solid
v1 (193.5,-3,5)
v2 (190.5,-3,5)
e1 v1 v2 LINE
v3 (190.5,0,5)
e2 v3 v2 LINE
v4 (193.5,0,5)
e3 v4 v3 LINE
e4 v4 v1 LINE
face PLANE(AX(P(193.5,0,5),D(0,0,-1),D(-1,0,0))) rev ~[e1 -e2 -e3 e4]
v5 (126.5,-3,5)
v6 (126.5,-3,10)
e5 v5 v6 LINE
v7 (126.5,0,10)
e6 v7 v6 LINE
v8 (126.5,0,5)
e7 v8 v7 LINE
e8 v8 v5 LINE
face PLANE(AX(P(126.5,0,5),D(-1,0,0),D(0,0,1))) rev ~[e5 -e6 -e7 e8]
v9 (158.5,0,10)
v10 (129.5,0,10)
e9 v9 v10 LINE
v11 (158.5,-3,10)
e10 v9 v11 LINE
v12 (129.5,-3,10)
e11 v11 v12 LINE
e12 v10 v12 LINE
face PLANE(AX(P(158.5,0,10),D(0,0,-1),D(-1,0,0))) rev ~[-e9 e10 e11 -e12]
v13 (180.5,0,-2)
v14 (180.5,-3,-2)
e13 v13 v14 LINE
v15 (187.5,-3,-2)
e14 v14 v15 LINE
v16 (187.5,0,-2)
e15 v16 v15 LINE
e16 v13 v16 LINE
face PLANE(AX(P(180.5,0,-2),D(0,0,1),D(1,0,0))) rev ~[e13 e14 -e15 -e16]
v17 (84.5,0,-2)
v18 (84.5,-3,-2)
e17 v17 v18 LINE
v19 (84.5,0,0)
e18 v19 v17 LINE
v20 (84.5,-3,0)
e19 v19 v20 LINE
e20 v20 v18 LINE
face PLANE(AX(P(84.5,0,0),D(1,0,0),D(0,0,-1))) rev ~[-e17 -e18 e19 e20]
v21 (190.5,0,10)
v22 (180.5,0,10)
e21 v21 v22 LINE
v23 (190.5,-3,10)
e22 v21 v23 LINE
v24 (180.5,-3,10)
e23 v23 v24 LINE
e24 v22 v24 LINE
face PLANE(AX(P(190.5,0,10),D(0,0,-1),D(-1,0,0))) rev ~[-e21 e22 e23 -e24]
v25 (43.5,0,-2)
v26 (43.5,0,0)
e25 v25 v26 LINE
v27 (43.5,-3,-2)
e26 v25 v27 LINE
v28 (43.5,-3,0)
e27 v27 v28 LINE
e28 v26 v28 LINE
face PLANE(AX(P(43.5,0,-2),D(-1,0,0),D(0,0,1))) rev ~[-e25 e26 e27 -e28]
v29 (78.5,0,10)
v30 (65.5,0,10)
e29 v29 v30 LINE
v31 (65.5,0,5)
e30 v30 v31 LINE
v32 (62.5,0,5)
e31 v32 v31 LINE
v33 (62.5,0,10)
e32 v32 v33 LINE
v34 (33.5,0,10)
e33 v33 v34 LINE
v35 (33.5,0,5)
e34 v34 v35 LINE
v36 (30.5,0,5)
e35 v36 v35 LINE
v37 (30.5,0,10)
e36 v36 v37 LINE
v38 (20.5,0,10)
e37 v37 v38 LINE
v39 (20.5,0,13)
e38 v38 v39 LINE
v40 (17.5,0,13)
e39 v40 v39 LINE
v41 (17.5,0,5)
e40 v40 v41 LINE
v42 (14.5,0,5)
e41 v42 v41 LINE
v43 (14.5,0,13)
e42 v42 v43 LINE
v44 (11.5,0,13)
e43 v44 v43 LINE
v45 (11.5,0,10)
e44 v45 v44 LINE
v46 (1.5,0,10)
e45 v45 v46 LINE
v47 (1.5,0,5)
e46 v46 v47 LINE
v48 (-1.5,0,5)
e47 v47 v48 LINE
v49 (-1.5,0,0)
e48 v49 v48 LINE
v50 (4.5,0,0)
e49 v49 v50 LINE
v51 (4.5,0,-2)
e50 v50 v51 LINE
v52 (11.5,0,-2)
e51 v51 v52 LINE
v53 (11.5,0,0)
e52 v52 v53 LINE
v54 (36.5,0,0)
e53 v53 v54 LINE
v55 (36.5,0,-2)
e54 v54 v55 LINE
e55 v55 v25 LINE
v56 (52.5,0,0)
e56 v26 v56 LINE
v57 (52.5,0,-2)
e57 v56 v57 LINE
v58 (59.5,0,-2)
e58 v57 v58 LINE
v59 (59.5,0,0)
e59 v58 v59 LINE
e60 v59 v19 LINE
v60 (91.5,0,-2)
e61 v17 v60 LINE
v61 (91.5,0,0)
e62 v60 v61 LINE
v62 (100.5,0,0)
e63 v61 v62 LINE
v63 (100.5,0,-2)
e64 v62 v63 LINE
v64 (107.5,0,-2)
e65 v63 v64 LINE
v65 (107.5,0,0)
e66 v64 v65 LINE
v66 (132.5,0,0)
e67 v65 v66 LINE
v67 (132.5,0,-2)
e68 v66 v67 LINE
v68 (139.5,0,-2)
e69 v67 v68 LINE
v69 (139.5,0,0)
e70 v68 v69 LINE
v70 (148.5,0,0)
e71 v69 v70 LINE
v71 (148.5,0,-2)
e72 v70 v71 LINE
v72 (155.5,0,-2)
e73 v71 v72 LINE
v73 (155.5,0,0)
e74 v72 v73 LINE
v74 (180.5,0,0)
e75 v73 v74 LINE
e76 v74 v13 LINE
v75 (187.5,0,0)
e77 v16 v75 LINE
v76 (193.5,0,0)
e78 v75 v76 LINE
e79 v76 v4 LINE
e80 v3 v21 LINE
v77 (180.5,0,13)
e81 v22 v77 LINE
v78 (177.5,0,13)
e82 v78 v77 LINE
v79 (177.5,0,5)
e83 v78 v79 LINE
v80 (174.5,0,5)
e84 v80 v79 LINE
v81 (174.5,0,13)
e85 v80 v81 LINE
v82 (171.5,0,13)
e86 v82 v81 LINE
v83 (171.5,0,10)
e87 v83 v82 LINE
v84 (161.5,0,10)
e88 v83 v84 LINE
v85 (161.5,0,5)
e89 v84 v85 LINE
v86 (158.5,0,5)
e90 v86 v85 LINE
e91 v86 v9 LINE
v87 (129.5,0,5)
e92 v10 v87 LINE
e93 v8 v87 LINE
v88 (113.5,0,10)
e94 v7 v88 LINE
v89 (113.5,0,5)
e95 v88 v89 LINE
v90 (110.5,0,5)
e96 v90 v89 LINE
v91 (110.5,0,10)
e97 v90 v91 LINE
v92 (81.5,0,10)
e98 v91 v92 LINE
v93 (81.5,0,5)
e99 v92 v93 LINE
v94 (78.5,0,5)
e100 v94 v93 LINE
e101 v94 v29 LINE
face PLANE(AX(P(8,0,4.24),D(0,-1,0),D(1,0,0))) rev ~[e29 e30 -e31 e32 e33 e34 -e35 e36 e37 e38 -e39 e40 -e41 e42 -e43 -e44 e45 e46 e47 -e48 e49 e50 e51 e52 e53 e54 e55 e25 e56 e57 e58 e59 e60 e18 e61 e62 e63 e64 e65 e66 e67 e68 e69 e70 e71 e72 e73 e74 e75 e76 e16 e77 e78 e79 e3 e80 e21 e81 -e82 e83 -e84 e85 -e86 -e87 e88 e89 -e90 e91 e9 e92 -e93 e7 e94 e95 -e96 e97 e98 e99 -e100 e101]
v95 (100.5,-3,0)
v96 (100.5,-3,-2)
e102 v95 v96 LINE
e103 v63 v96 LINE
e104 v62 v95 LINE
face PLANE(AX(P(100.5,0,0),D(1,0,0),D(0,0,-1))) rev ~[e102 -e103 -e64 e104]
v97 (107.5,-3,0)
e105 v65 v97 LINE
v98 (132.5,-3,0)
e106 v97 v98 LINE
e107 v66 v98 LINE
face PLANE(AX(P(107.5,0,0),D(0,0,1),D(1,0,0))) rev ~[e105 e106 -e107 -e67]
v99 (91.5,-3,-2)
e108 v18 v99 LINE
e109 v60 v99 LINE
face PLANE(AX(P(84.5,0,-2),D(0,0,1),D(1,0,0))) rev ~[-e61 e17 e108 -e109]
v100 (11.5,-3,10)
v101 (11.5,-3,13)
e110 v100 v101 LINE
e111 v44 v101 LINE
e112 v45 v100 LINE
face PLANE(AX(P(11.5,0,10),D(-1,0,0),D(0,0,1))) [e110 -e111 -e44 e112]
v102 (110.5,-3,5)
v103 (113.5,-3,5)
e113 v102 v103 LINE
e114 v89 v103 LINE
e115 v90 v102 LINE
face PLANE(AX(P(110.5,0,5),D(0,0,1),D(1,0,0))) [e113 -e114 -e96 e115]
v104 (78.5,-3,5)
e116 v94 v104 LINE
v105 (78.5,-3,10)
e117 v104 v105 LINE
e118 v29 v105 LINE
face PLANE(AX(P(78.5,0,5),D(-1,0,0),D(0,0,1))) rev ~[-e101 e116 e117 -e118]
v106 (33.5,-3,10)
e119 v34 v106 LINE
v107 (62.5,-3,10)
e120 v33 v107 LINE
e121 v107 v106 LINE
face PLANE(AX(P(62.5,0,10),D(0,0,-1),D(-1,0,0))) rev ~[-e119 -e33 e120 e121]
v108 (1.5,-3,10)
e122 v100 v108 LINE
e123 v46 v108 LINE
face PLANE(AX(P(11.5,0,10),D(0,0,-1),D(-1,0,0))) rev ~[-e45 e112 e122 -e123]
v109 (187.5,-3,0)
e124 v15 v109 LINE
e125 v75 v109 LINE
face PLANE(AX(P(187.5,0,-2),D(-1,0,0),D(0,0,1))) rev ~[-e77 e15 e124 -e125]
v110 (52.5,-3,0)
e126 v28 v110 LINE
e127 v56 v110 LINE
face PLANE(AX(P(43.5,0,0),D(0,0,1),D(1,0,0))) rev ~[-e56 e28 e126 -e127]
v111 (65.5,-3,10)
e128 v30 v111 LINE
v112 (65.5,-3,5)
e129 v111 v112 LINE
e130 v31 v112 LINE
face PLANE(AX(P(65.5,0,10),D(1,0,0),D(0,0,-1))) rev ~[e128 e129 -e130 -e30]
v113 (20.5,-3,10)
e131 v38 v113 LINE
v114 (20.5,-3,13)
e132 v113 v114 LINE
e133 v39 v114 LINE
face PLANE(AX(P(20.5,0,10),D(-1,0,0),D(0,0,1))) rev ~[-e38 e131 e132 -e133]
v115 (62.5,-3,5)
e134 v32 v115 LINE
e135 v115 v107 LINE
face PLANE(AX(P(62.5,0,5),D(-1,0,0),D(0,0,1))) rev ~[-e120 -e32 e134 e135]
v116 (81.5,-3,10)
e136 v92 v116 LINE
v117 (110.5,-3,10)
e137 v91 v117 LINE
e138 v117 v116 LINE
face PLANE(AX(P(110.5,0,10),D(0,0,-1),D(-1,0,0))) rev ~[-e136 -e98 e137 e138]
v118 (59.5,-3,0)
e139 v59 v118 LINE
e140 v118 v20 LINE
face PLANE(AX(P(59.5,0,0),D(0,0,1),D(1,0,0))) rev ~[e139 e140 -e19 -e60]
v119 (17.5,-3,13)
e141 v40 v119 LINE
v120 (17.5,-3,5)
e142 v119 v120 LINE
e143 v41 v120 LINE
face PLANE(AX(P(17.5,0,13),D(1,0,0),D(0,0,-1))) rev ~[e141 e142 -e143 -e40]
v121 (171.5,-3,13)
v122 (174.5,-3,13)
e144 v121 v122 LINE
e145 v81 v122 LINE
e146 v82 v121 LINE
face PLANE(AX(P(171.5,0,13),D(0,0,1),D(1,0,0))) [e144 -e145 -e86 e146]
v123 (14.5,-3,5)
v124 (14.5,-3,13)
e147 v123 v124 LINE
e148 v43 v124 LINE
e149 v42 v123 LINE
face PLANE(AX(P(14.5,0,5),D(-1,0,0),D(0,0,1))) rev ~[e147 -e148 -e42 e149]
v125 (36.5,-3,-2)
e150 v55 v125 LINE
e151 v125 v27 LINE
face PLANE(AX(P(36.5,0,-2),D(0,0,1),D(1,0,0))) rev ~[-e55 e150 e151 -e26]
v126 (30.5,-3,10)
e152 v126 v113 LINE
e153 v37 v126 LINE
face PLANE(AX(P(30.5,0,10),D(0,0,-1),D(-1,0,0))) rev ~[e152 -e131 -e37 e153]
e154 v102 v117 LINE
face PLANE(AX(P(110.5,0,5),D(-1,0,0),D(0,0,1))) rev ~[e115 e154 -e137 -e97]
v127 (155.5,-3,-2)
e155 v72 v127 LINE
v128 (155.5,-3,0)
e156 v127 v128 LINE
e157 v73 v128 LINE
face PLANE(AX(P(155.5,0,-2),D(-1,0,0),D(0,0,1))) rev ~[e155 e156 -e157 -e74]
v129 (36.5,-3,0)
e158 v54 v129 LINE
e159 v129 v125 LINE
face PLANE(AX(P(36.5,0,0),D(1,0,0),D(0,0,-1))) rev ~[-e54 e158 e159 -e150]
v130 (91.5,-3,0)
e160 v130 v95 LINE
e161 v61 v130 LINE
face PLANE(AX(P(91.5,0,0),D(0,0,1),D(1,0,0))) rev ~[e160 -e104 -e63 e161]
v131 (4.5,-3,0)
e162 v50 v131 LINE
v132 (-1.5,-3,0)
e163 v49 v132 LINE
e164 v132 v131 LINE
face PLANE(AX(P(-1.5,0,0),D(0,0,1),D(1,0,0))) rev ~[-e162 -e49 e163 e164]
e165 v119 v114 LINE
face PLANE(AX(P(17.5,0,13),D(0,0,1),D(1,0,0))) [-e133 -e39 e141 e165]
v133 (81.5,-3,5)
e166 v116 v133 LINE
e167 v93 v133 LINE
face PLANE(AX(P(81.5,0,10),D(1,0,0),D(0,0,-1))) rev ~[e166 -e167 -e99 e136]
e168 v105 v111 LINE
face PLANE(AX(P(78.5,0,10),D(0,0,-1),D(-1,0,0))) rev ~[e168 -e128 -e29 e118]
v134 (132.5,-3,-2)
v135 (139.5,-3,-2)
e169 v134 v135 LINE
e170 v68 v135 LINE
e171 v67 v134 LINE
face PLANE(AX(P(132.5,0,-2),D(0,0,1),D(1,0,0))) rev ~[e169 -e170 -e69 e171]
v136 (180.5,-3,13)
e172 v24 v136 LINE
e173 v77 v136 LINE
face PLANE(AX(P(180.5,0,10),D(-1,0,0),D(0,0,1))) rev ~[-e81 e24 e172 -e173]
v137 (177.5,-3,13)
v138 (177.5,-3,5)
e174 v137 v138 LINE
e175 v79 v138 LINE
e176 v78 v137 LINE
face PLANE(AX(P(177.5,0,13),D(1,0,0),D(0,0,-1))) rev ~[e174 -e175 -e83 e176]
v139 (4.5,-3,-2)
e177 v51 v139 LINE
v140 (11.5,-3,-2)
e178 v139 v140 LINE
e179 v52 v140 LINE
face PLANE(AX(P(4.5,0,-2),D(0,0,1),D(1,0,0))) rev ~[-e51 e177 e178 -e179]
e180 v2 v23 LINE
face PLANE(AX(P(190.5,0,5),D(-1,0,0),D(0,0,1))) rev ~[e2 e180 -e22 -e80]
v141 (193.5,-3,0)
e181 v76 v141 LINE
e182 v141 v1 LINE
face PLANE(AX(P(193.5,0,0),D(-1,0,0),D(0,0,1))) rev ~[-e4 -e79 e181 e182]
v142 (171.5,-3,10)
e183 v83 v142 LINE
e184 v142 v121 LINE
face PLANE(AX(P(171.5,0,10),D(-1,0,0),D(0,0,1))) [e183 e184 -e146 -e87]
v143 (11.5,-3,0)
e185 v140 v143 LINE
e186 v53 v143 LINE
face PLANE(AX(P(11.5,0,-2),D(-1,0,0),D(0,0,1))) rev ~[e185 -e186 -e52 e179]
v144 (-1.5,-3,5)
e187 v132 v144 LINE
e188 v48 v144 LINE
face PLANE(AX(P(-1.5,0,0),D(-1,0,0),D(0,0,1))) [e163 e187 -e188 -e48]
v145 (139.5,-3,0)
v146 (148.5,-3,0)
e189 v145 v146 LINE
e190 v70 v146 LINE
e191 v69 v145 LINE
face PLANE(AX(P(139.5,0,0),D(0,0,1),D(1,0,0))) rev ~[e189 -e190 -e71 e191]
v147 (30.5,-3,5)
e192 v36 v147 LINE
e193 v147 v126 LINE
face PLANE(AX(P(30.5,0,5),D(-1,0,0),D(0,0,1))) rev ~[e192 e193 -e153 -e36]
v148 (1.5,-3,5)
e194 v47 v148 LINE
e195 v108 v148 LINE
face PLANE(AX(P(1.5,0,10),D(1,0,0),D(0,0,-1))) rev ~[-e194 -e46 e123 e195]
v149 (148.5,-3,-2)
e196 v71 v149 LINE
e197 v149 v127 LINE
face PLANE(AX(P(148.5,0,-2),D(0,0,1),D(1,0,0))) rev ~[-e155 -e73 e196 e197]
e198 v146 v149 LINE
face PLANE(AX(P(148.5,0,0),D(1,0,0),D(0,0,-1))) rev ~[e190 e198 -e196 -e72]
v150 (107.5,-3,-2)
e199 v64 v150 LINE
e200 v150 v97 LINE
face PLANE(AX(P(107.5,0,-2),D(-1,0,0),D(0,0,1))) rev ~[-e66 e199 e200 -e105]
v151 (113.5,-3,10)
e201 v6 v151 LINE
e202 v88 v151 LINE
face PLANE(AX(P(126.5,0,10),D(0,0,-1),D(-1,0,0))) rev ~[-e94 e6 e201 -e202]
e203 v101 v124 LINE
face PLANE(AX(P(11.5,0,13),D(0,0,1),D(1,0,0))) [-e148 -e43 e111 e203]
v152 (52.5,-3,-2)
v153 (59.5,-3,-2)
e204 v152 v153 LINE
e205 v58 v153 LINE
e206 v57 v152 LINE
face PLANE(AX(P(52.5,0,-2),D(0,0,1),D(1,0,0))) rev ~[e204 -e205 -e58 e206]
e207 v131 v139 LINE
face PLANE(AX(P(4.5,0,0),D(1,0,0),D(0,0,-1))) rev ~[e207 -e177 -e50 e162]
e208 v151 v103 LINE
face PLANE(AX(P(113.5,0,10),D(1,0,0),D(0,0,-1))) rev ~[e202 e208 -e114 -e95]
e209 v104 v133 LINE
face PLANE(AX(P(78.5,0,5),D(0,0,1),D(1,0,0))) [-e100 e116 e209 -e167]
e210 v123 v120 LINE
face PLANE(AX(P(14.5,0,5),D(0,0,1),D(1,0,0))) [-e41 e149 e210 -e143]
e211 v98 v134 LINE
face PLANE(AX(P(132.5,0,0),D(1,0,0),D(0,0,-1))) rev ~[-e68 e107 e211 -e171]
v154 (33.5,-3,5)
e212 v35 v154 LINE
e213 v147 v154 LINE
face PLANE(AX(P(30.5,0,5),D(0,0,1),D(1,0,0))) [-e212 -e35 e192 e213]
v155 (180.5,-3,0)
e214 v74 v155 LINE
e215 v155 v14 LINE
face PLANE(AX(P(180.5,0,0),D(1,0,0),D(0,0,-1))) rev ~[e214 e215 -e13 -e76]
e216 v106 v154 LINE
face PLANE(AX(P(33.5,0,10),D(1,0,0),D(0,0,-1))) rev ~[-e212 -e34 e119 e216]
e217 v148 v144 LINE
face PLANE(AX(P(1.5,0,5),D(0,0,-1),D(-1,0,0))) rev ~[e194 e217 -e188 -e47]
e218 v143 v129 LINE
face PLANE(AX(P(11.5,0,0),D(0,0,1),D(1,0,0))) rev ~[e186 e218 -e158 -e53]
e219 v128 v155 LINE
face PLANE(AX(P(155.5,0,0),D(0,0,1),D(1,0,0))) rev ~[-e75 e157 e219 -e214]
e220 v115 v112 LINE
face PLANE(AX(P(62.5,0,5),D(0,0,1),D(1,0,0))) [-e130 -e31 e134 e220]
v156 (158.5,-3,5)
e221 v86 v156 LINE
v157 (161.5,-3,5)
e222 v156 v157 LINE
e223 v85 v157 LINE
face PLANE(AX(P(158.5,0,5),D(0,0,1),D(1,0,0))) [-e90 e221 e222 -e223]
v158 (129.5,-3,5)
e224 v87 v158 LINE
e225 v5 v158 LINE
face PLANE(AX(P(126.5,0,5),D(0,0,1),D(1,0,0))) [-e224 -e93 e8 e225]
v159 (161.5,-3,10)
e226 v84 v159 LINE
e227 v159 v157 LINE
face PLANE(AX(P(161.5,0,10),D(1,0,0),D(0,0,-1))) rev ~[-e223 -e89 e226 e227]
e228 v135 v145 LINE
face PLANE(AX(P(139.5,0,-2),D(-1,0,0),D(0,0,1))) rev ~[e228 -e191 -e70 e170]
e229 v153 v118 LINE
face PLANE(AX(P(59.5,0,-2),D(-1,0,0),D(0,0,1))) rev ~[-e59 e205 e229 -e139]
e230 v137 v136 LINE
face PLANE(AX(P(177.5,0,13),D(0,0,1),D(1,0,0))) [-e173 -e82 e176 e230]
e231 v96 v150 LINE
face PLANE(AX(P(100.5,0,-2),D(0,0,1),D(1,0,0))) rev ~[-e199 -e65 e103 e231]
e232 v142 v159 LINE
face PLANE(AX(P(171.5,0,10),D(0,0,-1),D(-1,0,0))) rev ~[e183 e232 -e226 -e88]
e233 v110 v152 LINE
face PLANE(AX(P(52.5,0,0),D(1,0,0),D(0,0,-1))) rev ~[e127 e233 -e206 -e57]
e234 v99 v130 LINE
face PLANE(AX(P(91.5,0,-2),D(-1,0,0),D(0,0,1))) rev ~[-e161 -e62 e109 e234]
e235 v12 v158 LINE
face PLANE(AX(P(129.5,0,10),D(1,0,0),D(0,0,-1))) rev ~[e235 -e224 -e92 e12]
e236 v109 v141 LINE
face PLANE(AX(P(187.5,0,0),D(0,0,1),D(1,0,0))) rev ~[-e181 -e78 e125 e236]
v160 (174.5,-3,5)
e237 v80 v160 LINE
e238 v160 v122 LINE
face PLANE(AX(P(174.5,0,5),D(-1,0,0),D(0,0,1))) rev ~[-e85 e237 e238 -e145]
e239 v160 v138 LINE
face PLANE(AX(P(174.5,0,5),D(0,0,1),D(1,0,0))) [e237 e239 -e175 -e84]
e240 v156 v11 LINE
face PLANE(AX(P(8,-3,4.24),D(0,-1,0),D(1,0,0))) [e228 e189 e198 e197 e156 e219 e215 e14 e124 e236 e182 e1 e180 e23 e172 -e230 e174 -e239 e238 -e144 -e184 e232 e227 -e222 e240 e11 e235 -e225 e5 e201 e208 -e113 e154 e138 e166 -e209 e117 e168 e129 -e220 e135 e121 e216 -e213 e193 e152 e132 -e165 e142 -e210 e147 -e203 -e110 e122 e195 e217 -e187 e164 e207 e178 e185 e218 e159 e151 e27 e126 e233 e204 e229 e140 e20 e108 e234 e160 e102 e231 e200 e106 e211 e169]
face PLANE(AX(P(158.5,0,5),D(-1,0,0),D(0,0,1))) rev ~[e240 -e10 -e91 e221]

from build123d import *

# Parameters (mm, degrees)
F0_W     = 3
F0_H     = 5
F0_W_2   = 1.5
F0_H_2   = 3
F1_DEPTH = 3


with BuildPart() as f1:
    # F0 (on Front) → F1 (new body)
    with BuildSketch(Plane.XZ):
        Polygon((1.5, 5), (1.5, 0), (4.5, 0), (4.5, -2), (11.5, -2), (11.5, 0), (14.5, 0), (14.5, 5), (14.5, 10), (11.5, 10), (1.5, 10), align=None)
        with Locations((16, 2.5)):
            Rectangle(F0_W, F0_H)
        Polygon((20.5, 10), (17.5, 10), (17.5, 5), (17.5, 0), (30.5, 0), (30.5, 5), (30.5, 10), align=None)
        with Locations((32, 2.5)):
            Rectangle(F0_W, F0_H)
        Polygon((33.5, 5), (33.5, 0), (36.5, 0), (36.5, -2), (43.5, -2), (43.5, 0), (48, 0), (52.5, 0), (52.5, -2), (59.5, -2), (59.5, 0), (62.5, 0), (62.5, 5), (62.5, 10), (33.5, 10), align=None)
        with Locations((64, 2.5)):
            Rectangle(F0_W, F0_H)
        Polygon((78.5, 10), (65.5, 10), (65.5, 5), (65.5, 0), (78.5, 0), (78.5, 5), align=None)
        with Locations((80, 2.5)):
            Rectangle(F0_W, F0_H)
        Polygon((110.5, 10), (81.5, 10), (81.5, 5), (81.5, 0), (84.5, 0), (84.5, -2), (91.5, -2), (91.5, 0), (96, 0), (100.5, 0), (100.5, -2), (107.5, -2), (107.5, 0), (110.5, 0), (110.5, 5), align=None)
        with Locations((112, 2.5)):
            Rectangle(F0_W, F0_H)
        Polygon((126.5, 10), (113.5, 10), (113.5, 5), (113.5, 0), (126.5, 0), (126.5, 5), align=None)
        with Locations((128, 2.5)):
            Rectangle(F0_W, F0_H)
        Polygon((158.5, 10), (129.5, 10), (129.5, 5), (129.5, 0), (132.5, 0), (132.5, -2), (139.5, -2), (139.5, 0), (144, 0), (148.5, 0), (148.5, -2), (155.5, -2), (155.5, 0), (158.5, 0), (158.5, 5), align=None)
        with Locations((160, 2.5)):
            Rectangle(F0_W, F0_H)
        Polygon((171.5, 10), (161.5, 10), (161.5, 5), (161.5, 0), (174.5, 0), (174.5, 5), (174.5, 10), align=None)
        with Locations((176, 2.5)):
            Rectangle(F0_W, F0_H)
        Polygon((180.5, 10), (177.5, 10), (177.5, 5), (177.5, 0), (180.5, 0), (180.5, -2), (187.5, -2), (187.5, 0), (190.5, 0), (190.5, 5), (190.5, 10), align=None)
        with Locations((0.75, 2.5)):
            Rectangle(F0_W_2, F0_H)
        with Locations((191.25, 2.5)):
            Rectangle(F0_W_2, F0_H)
        with Locations((192.75, 2.5)):
            Rectangle(F0_W_2, F0_H)
        with Locations((-0.75, 2.5)):
            Rectangle(F0_W_2, F0_H)
        with Locations((173, 11.5)):
            Rectangle(F0_W, F0_H_2)
        with Locations((179, 11.5)):
            Rectangle(F0_W, F0_H_2)
        with Locations((19, 11.5)):
            Rectangle(F0_W, F0_H_2)
        with Locations((13, 11.5)):
            Rectangle(F0_W, F0_H_2)
    extrude(amount=F1_DEPTH)


solid = f1.part
